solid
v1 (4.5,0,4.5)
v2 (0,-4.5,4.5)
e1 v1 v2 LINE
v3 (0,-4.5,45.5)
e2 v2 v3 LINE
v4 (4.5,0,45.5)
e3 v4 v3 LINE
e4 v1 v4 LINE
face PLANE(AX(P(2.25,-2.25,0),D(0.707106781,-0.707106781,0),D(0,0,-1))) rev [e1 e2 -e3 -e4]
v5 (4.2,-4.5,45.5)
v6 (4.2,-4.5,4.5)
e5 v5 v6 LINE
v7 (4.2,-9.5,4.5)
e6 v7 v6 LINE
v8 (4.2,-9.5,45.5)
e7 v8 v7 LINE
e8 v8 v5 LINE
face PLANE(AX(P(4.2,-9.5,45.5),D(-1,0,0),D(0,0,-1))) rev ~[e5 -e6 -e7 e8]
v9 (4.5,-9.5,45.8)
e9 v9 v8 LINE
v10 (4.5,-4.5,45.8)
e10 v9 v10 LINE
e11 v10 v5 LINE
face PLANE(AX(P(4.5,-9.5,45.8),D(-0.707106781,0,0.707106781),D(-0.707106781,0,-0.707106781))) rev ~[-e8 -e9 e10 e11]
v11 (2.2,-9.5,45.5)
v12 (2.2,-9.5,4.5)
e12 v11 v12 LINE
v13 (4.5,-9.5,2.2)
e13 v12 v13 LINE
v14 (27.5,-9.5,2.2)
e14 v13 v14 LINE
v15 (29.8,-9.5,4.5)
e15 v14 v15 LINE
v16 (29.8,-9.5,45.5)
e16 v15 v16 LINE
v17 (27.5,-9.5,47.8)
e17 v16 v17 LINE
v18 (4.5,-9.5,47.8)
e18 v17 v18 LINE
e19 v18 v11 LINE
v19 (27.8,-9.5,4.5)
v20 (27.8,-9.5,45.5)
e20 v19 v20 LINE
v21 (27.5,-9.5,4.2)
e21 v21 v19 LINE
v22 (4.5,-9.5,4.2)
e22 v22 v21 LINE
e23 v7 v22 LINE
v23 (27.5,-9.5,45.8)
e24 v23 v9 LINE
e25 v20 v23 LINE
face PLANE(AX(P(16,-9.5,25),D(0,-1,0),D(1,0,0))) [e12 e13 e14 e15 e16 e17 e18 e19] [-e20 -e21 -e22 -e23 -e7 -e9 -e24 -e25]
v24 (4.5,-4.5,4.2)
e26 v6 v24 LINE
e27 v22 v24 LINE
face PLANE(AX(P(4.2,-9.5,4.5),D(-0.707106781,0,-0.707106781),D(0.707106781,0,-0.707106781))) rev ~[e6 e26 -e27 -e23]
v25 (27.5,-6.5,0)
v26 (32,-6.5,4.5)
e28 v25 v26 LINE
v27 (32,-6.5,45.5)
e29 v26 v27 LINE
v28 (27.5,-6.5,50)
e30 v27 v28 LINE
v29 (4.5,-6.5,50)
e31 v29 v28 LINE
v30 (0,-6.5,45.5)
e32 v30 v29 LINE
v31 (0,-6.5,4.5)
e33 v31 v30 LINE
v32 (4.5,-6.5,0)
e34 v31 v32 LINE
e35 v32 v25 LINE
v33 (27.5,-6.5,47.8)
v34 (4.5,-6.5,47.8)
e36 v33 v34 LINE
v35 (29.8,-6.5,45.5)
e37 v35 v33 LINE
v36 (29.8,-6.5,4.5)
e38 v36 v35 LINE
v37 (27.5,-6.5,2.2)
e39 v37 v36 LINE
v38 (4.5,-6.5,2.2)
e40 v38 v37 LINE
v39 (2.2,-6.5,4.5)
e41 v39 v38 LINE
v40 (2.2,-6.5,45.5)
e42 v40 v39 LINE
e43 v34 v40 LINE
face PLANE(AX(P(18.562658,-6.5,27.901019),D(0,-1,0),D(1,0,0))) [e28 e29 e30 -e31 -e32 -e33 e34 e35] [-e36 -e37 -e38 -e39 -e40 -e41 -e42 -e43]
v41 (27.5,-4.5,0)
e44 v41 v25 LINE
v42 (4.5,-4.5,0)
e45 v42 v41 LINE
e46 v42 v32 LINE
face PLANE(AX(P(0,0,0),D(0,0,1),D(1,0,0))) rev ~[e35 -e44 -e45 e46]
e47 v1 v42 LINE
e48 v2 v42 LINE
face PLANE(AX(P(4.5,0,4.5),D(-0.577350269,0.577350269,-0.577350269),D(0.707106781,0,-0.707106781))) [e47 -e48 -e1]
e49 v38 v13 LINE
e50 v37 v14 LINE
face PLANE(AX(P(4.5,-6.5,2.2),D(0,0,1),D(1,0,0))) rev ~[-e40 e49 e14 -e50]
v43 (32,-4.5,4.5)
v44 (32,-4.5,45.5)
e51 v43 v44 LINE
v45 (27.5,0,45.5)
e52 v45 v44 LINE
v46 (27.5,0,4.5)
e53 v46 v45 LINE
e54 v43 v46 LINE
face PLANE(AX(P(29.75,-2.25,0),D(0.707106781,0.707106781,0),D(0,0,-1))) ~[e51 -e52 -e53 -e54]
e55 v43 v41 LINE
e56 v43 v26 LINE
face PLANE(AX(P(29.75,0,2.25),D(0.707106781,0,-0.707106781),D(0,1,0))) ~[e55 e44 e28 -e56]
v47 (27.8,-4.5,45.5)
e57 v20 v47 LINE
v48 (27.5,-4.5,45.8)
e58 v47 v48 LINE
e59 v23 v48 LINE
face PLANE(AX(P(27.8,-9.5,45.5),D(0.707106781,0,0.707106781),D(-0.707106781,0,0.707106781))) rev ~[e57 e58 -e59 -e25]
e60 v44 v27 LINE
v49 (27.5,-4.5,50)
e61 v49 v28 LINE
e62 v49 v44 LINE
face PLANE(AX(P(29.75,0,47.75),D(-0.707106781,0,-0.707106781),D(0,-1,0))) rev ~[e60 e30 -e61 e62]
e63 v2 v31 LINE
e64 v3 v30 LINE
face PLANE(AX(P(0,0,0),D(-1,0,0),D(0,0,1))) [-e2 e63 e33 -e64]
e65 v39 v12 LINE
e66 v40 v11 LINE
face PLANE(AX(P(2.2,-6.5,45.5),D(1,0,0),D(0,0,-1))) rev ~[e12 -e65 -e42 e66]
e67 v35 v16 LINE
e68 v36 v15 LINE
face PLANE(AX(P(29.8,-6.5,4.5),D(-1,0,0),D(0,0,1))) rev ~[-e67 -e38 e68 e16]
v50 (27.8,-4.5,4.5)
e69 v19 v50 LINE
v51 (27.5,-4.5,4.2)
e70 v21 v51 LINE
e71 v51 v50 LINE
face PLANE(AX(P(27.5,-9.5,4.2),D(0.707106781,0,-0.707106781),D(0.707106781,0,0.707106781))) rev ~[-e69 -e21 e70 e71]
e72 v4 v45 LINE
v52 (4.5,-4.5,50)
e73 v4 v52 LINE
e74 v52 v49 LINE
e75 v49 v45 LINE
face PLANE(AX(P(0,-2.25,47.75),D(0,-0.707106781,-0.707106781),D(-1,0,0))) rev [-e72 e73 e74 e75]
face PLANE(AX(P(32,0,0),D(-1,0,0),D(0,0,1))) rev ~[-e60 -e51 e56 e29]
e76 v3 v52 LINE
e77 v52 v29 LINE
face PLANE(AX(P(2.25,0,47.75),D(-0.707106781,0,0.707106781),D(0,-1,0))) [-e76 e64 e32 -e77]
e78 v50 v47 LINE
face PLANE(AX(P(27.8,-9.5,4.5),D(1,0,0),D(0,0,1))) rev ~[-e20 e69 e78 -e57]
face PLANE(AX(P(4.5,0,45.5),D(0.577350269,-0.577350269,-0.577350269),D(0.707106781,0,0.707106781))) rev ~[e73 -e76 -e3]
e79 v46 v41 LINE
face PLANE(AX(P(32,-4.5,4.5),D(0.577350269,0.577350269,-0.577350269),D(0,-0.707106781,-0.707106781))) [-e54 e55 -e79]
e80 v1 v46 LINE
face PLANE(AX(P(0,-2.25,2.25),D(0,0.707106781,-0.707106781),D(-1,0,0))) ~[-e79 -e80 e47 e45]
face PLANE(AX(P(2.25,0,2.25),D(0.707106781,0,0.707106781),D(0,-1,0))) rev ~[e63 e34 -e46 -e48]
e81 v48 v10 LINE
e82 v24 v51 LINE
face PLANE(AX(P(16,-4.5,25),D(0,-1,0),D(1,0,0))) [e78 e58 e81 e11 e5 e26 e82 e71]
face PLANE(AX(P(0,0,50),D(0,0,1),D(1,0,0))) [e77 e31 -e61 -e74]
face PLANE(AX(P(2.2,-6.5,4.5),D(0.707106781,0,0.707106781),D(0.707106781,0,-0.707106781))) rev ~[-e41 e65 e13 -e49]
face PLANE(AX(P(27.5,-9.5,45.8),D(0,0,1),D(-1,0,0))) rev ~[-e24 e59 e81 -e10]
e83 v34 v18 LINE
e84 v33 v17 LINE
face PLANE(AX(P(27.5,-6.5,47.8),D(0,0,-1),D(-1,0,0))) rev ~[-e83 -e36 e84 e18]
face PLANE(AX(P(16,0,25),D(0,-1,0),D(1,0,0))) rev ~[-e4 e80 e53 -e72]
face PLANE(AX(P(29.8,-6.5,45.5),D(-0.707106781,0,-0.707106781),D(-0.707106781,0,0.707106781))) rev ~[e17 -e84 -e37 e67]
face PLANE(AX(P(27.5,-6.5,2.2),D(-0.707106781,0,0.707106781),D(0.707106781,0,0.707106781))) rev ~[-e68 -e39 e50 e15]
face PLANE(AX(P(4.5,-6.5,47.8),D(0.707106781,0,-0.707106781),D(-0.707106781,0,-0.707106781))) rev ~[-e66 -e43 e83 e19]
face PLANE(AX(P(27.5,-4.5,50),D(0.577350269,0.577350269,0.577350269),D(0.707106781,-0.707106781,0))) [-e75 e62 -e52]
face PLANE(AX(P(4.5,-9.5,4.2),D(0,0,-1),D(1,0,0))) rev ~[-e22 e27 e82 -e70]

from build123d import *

# Parameters (mm, degrees)
F0_W     = 32
F0_H     = 50
F1_DEPTH = 15
F2_SIZE  = 4.5
F3_W     = 44.522483
F3_H     = 61.777794
F4_DEPTH = 8.5
F6_DEPTH = 3
F8_DEPTH = 5


with BuildPart() as f1:
    # F0 (on Front) → F1 (new body)
    with BuildSketch(Plane.XZ):
        with Locations((16, 25)):
            Rectangle(F0_W, F0_H)
    extrude(amount=F1_DEPTH)

    # F2
    f2_edges = [f1.edges().sort_by_distance(p)[0] for p in [
        (0, -7.5, 50),
        (0, -7.5, 0),
        (0, 0, 25),
        (0, -15, 25),
        (16, 0, 0),
        (32, 0, 25),
        (16, 0, 50),
        (32, -7.5, 50),
        (16, -15, 50),
        (32, -7.5, 0),
        (32, -15, 25),
        (16, -15, 0),
    ]]
    chamfer(f2_edges, length=F2_SIZE)

    # F3 (on face) → F4 (cut)
    with BuildSketch(Plane.XZ.offset(15)):
        with Locations((18.562658, 27.901019)):
            Rectangle(F3_W, F3_H)
    extrude(amount=-F4_DEPTH, mode=Mode.SUBTRACT)

    # F5 (on face) → F6 (join)
    with BuildSketch(Plane.XZ.offset(6.5)):
        Polygon((2.2, 4.5), (4.5, 2.2), (27.5, 2.2), (29.8, 4.5), (29.8, 45.5), (27.5, 47.8), (4.5, 47.8), (2.2, 45.5), align=None)
    extrude(amount=F6_DEPTH)

    # F7 (on face) → F8 (cut)
    with BuildSketch(Plane.XZ.offset(9.5)):
        Polygon((4.2, 4.5), (4.5, 4.2), (27.5, 4.2), (27.8, 4.5), (27.8, 45.5), (27.5, 45.8), (4.5, 45.8), (4.2, 45.5), align=None)
    extrude(amount=-F8_DEPTH, mode=Mode.SUBTRACT)


solid = f1.part
